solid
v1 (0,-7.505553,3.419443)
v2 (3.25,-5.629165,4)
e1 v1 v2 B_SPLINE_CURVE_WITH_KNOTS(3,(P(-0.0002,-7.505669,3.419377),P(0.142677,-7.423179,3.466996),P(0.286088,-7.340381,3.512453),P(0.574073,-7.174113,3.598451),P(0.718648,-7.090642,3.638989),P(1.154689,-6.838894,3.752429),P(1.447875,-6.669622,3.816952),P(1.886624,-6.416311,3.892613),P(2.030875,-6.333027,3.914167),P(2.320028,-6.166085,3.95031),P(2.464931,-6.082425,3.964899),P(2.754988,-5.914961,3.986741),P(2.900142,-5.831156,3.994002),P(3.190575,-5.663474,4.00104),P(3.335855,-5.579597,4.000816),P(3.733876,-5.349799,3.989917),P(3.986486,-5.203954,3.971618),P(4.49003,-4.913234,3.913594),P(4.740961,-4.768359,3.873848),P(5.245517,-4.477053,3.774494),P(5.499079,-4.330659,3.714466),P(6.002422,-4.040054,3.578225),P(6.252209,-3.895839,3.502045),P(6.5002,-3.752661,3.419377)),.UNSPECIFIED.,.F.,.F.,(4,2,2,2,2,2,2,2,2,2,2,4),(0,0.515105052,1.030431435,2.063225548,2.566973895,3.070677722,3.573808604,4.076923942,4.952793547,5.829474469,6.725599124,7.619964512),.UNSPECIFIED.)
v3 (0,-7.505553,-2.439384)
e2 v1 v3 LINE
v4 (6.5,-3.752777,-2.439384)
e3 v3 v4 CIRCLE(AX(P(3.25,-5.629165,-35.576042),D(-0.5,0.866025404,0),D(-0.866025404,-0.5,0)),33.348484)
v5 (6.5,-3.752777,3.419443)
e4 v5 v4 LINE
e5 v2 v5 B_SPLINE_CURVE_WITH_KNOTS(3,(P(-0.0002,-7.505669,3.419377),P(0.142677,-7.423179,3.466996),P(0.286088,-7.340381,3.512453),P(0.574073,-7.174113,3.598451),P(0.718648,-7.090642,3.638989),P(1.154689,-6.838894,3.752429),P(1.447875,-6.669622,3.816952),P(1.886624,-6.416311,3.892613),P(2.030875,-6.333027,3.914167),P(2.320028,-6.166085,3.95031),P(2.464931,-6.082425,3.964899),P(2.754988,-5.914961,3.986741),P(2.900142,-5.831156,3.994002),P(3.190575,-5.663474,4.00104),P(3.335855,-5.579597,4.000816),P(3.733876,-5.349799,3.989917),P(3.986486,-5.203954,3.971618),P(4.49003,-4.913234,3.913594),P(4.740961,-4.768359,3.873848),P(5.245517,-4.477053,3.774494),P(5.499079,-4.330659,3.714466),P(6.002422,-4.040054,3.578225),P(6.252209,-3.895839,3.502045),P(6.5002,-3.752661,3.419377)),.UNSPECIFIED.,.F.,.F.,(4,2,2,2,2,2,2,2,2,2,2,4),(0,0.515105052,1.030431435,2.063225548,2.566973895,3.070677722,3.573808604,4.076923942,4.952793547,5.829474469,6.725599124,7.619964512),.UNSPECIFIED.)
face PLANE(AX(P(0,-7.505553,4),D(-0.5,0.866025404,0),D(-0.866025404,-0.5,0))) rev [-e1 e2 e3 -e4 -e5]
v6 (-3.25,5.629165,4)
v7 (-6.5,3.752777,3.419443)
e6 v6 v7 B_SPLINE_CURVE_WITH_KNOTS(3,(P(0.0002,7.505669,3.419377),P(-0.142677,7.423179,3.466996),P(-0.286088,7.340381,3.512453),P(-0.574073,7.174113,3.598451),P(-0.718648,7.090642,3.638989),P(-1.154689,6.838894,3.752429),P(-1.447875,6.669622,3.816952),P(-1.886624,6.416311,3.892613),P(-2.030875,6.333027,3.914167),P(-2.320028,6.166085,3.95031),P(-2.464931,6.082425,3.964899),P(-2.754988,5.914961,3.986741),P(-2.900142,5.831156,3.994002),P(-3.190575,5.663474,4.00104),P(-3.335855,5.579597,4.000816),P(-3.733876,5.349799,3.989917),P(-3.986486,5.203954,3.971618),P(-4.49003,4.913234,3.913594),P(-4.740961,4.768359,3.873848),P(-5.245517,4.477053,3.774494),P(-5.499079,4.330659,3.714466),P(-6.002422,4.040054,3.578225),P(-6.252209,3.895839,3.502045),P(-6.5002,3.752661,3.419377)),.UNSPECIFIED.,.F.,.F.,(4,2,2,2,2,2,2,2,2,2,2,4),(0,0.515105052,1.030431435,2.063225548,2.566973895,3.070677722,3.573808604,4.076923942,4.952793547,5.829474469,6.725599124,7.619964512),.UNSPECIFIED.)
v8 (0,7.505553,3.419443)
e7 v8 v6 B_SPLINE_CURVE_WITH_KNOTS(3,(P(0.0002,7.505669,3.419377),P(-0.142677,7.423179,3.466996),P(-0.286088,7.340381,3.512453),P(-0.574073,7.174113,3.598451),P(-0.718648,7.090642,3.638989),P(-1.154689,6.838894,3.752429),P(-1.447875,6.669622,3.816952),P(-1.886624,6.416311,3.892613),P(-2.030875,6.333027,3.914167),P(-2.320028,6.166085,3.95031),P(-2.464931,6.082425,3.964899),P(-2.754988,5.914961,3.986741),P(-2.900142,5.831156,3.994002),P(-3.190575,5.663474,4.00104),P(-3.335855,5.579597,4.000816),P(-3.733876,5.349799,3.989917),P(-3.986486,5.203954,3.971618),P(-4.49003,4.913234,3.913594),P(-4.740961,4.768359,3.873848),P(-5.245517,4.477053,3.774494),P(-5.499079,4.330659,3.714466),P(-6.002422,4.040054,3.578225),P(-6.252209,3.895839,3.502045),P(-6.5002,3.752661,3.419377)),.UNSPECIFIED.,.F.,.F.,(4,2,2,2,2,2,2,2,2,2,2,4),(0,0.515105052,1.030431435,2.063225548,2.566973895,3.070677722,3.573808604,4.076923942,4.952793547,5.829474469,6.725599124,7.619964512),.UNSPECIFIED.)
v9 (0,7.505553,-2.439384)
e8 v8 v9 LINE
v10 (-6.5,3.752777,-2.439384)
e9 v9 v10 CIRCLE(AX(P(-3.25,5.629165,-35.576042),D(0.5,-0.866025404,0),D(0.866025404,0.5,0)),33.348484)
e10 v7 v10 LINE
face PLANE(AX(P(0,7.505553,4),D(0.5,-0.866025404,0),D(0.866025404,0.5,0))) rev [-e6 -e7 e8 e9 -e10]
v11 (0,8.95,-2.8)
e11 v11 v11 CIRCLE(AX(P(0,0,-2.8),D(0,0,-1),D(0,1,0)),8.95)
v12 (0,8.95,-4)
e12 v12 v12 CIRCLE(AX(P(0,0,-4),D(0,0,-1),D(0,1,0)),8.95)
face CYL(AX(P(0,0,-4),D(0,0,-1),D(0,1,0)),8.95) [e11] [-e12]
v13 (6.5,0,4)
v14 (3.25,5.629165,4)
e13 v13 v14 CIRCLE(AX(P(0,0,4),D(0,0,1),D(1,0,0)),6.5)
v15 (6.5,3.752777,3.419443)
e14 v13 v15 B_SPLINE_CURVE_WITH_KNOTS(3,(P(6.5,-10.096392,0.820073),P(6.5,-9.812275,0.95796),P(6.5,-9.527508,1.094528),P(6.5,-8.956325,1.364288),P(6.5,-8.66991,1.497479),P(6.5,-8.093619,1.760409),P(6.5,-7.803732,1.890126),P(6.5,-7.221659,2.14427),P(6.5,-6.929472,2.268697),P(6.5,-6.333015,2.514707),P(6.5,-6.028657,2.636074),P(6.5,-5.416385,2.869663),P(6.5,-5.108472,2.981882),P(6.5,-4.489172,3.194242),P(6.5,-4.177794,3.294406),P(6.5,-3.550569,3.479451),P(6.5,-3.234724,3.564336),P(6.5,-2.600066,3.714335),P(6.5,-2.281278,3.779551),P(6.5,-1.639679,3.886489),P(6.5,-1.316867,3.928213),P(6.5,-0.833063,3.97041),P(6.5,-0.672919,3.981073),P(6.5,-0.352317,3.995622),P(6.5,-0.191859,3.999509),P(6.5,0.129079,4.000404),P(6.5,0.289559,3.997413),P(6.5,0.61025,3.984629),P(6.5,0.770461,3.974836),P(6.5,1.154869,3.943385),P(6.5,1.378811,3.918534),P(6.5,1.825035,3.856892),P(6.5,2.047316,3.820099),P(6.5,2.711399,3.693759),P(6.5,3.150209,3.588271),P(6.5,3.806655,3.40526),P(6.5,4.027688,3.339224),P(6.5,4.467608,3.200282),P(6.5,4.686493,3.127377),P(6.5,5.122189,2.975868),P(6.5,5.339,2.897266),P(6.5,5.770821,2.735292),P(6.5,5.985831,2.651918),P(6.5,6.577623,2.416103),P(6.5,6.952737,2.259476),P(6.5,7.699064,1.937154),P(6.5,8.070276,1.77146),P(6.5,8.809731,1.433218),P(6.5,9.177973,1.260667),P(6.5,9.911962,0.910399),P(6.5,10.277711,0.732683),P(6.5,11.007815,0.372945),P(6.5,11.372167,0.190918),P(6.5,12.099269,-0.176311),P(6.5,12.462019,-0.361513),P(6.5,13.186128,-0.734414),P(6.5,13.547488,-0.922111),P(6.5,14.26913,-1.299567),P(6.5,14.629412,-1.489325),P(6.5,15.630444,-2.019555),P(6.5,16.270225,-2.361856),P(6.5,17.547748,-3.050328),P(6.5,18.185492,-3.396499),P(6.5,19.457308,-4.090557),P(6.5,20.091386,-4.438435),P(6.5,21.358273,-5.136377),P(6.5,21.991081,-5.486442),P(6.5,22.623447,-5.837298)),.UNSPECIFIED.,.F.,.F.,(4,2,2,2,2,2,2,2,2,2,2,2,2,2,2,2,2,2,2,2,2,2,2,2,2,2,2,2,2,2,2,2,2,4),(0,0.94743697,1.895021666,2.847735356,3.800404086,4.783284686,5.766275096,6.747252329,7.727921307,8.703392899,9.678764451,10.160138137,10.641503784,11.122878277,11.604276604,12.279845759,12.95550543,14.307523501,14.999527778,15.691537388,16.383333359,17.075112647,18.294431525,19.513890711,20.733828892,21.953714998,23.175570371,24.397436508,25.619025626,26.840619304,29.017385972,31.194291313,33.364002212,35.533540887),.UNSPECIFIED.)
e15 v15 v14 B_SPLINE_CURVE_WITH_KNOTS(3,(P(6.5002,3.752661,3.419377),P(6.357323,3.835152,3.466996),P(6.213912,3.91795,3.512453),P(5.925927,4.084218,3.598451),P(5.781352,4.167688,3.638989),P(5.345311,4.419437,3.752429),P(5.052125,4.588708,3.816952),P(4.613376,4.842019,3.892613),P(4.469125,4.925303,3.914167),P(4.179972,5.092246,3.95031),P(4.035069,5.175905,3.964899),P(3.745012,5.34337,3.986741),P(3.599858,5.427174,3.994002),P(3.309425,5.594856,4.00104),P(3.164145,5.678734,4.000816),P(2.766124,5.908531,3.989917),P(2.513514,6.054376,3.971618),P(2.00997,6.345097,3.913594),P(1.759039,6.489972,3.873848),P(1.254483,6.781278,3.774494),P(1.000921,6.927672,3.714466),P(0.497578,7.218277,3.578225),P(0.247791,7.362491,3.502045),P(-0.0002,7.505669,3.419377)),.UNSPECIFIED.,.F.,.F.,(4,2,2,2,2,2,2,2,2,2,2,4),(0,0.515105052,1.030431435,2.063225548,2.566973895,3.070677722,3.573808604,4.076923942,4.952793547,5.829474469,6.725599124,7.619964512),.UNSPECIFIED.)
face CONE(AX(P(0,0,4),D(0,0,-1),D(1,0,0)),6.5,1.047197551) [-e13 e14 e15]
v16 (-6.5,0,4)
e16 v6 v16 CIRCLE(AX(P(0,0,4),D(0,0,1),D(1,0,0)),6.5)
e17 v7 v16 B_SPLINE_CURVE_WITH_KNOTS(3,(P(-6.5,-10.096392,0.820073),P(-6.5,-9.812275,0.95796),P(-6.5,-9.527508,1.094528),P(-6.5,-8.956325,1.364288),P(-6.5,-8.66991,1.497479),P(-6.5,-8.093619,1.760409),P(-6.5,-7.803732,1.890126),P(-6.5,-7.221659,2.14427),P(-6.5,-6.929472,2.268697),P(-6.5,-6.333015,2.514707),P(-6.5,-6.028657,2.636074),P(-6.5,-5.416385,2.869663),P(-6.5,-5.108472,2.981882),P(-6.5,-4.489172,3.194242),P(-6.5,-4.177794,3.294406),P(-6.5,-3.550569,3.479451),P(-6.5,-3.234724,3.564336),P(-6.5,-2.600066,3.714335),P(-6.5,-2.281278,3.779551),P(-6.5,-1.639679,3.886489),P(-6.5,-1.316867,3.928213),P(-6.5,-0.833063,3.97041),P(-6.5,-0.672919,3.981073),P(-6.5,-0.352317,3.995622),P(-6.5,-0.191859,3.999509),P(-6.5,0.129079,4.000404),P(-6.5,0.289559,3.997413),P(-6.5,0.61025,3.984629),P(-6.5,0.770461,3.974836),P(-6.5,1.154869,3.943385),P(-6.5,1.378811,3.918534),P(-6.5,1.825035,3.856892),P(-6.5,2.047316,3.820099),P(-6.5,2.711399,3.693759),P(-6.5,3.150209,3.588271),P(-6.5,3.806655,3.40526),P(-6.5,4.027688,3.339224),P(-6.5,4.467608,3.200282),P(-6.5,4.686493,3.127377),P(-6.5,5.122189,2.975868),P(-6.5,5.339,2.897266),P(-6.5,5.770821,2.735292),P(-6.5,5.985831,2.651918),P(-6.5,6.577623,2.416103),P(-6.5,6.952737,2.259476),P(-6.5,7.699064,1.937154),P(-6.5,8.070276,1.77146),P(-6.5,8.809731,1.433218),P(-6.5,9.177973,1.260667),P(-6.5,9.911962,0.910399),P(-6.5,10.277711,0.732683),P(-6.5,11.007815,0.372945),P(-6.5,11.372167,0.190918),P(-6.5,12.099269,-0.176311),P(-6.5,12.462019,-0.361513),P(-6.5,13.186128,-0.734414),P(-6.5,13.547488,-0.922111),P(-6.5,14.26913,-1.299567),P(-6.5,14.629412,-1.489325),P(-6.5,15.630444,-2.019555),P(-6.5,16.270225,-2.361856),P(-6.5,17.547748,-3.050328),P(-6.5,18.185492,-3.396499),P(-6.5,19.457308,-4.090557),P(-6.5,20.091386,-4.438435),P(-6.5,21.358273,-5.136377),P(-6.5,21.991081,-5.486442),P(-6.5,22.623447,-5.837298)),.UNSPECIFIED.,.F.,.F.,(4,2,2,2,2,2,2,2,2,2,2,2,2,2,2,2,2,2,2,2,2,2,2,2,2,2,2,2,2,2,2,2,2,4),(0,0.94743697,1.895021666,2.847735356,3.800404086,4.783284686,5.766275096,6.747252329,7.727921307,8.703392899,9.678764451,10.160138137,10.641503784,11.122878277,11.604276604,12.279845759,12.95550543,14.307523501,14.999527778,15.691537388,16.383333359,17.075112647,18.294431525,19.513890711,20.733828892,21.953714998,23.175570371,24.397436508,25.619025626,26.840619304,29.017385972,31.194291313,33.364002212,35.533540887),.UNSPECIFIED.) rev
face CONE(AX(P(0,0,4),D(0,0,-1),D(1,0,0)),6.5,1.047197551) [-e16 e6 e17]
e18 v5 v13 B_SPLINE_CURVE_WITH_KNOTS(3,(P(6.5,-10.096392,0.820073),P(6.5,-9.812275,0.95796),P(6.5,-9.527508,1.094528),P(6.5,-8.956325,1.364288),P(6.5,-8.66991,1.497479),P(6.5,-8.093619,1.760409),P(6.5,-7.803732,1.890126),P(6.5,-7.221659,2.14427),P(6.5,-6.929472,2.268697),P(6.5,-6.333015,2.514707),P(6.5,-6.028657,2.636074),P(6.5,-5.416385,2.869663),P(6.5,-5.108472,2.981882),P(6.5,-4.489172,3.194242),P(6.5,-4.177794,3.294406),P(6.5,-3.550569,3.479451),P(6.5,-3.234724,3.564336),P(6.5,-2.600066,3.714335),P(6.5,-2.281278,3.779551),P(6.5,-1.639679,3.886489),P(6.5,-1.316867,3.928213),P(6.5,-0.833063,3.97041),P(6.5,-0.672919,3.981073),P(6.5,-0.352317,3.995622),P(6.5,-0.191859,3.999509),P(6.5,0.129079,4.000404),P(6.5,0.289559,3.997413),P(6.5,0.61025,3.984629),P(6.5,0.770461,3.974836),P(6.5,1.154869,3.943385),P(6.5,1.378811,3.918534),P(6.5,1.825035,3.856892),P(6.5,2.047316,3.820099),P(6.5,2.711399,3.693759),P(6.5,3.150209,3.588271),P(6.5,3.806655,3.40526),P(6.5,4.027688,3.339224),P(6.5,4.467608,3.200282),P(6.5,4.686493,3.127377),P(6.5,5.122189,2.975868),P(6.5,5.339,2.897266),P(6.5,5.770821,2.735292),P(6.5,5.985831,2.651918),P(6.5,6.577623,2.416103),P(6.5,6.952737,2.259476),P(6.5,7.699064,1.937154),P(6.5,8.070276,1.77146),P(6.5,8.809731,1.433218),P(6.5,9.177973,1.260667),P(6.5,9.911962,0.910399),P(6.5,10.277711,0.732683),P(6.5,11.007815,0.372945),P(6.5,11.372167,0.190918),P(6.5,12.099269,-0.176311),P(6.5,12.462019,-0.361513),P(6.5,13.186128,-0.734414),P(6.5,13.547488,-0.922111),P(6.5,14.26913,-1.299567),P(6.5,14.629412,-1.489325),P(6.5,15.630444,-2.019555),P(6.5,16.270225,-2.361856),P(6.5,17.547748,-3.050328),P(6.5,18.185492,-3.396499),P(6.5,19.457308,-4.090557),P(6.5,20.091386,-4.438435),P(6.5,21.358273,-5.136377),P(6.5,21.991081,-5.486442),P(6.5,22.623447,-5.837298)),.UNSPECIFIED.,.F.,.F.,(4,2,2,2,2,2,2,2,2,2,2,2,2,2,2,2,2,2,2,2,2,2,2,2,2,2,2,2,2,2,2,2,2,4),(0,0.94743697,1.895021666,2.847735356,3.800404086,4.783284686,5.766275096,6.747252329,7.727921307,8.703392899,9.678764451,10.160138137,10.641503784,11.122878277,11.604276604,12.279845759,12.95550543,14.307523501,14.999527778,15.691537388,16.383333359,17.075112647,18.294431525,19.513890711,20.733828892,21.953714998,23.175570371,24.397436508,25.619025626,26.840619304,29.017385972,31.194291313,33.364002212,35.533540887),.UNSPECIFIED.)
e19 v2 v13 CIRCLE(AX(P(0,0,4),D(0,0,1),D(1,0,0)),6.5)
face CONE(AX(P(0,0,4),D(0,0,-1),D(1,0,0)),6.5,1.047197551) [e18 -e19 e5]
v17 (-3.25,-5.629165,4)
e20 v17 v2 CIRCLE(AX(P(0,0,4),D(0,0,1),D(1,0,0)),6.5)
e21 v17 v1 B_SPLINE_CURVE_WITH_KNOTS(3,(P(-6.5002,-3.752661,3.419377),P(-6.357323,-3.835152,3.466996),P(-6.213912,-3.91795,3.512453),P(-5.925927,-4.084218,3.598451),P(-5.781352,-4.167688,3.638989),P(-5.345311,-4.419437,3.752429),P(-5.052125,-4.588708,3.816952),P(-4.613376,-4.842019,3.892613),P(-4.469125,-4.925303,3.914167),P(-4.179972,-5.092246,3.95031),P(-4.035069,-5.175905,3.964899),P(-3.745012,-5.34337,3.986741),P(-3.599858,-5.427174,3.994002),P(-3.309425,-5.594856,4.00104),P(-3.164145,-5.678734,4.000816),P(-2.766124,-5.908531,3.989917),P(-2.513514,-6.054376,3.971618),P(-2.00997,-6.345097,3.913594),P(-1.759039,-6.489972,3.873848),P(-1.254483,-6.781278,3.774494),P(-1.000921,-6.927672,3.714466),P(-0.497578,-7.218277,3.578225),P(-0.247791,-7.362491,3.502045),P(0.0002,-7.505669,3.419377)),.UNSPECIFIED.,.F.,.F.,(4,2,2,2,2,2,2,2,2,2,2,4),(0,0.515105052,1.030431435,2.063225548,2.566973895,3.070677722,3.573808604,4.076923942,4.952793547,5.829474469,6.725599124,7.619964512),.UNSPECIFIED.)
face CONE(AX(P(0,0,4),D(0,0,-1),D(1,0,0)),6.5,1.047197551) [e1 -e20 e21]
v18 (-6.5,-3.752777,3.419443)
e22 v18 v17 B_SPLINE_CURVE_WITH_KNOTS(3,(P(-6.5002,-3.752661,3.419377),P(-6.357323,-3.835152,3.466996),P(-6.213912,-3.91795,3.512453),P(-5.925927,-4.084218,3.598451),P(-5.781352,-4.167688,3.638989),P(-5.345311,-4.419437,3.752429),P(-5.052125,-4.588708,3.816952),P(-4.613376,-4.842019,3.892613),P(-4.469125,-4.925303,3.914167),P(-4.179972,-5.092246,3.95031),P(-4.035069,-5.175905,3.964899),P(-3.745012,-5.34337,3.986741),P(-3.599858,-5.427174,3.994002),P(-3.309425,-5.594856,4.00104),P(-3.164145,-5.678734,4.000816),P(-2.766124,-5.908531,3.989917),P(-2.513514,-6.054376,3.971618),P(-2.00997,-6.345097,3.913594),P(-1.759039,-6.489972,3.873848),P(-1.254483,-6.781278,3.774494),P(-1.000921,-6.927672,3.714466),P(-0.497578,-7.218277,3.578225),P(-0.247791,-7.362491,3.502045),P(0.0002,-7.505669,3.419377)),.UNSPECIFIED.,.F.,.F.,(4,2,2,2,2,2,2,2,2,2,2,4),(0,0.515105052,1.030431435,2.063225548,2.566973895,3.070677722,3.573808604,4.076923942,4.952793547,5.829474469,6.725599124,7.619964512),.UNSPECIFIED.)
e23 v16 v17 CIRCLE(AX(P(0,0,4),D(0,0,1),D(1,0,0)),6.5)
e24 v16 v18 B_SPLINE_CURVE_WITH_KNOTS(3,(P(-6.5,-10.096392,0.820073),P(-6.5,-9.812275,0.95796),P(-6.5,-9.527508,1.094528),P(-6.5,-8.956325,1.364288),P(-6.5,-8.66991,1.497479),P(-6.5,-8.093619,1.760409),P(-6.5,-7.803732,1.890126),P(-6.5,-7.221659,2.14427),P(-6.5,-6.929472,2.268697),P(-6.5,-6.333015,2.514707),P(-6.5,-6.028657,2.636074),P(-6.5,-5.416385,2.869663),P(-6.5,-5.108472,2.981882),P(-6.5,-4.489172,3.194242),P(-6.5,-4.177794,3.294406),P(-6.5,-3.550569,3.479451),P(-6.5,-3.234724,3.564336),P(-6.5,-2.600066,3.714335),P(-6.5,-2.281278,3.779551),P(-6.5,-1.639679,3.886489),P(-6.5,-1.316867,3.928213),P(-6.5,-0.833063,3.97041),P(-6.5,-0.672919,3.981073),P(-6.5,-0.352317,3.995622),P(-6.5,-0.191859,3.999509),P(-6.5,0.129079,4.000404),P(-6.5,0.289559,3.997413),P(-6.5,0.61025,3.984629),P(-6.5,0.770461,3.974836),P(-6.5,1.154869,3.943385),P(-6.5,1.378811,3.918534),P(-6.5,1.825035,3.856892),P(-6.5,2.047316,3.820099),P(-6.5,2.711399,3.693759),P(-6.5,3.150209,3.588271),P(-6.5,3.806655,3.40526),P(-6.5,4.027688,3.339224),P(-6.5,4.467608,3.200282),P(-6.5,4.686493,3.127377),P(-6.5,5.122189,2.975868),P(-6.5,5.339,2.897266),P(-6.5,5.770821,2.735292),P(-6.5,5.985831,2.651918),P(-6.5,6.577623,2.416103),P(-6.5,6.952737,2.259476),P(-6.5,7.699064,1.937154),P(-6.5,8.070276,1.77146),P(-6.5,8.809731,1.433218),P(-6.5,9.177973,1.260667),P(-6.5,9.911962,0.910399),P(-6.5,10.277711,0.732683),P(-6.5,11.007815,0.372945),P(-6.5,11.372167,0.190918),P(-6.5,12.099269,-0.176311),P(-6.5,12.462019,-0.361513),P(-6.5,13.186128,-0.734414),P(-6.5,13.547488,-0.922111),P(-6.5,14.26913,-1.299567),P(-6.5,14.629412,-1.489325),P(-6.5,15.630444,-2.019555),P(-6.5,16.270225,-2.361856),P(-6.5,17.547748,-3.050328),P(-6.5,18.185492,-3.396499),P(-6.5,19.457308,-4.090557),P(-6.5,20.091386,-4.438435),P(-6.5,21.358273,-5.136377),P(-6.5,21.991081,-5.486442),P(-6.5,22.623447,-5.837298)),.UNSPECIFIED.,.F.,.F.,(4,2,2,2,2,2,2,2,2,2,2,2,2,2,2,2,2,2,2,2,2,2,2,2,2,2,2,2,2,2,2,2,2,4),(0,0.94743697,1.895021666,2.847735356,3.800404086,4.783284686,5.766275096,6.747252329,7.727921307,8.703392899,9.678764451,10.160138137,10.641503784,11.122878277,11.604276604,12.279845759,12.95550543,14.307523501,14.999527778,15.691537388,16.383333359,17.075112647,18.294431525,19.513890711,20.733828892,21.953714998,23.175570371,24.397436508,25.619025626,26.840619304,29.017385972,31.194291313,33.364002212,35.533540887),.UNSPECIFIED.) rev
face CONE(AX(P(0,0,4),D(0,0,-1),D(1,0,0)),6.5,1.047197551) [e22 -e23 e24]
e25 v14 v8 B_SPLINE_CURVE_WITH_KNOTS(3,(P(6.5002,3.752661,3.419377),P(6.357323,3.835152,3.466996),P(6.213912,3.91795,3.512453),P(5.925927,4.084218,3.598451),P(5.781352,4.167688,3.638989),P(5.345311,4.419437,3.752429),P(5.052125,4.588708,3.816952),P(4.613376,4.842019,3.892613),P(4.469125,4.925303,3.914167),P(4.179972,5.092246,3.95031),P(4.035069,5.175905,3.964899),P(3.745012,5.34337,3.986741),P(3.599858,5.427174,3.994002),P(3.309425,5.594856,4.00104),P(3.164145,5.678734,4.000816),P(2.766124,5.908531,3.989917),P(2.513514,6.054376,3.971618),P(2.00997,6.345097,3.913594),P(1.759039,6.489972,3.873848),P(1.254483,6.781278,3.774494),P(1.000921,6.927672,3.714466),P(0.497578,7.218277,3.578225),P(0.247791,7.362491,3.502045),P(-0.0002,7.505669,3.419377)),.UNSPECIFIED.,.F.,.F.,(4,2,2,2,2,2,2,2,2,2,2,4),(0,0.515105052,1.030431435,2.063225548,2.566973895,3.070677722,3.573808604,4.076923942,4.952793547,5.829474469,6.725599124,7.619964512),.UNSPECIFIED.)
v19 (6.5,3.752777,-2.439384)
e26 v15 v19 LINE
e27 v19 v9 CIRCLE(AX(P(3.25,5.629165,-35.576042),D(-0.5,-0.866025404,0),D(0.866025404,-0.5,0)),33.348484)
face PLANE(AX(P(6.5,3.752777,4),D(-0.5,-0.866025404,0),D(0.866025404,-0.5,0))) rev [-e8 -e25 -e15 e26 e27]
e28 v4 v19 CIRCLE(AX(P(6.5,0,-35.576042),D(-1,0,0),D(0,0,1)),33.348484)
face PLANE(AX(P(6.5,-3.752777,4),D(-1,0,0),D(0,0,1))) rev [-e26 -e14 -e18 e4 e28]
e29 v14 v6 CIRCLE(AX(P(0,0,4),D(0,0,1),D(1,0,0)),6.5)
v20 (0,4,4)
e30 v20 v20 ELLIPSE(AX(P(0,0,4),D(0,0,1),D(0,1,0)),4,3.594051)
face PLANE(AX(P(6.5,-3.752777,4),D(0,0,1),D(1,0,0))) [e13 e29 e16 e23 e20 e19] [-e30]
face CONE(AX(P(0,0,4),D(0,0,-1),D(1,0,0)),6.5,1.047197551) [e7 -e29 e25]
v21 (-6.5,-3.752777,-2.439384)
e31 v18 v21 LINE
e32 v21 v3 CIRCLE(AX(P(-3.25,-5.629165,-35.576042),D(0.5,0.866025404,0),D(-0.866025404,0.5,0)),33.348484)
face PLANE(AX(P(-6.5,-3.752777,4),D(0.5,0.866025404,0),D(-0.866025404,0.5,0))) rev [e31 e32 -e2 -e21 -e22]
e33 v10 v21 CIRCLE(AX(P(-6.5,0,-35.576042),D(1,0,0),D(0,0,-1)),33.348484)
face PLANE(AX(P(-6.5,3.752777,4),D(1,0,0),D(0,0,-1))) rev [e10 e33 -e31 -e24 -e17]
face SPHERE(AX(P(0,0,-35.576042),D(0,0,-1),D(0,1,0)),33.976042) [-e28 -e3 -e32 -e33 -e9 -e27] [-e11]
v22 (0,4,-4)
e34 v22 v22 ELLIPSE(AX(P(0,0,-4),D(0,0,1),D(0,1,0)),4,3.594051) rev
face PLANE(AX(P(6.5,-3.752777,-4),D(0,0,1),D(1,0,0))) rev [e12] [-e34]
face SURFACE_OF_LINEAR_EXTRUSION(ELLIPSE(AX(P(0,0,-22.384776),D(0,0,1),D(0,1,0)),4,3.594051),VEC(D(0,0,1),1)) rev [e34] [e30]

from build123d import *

# Parameters (mm, degrees)
EXTRUDE1_DEPTH      = 4
SKETCH2_OUTSIDE_W   = 80.544
SKETCH2_OUTSIDE_H   = 80.544
SKETCH2_OUTSIDE_R   = 6.5
CUT_EXTRUDE1_DEPTH  = 15.97347655
CUT_EXTRUDE1_DRAFT  = -60
SKETCH5_R           = 4
CUT_EXTRUDE10_DEPTH = 15.97347655
SKETCH16_R          = 6.5
SKETCH16_RX         = 4
SKETCH16_RY         = 3.594050592
EXTRUDE2_DEPTH      = 8


with BuildPart() as part:
    # Sketch1 → Extrude1 (new, symmetric)
    with BuildSketch(Plane.XY):
        Polygon((6.5, -3.75277675), (6.5, 3.75277675), (0, 7.505553499), (-6.5, 3.75277675), (-6.5, -3.75277675), (0, -7.505553499), align=None)
    extrude(amount=EXTRUDE1_DEPTH, both=True)

    # Sketch18 → Revolve1 (revolve)
    with BuildSketch(Plane(origin=(0, 0, 0), x_dir=(0, 0, -1), z_dir=(1, 0, 0))):
        with BuildLine():
            Line((4, 0), (4, 8.95))
            Line((4, 8.95), (2.8, 8.95))
            ThreePointArc((2.8, 8.95), (1.901336288, 4.515044297), (1.6, 0))
            Line((1.6, 0), (4, 0))
        make_face()
    revolve(axis=Axis((0, 0, -4), (0, 0, 1)))


with BuildPart() as cut_extrude1_tool:
    # Sketch2 outside → Cut-Extrude1 (with draft: the straight prism first)
    with BuildSketch(Plane.XY.offset(4)):
        Rectangle(SKETCH2_OUTSIDE_W, SKETCH2_OUTSIDE_H)
        Circle(SKETCH2_OUTSIDE_R, mode=Mode.SUBTRACT)
    extrude(amount=-CUT_EXTRUDE1_DEPTH)
    # Cut-Extrude1: the draft: its side faces are tilted about the plane it starts from
    cut_extrude1_sides = [cut_extrude1_tool.faces().sort_by_distance(p)[0] for p in [
        (0, -40.272, -3.986738275),
        (40.272, 0, -3.986738275),
        (0, 40.272, -3.986738275),
        (-40.272, 0, -3.986738275),
        (-6.5, 0, -3.986738275),
    ]]
    draft(cut_extrude1_sides, Plane.XY.offset(4), CUT_EXTRUDE1_DRAFT)


with BuildPart() as part_1:
    add(part.part)

    # Cut-Extrude1: cut by cut_extrude1_tool
    add(cut_extrude1_tool.part, mode=Mode.SUBTRACT)

    # Sketch5 → Cut-Extrude10 (cut, through all)
    with BuildSketch(Plane(origin=(0, 0, 4), x_dir=(-1, 0, 0), z_dir=(0, 0, -1))):
        Circle(SKETCH5_R)
    extrude(amount=CUT_EXTRUDE10_DEPTH, mode=Mode.SUBTRACT)

    # Sketch16 → Extrude2 (add)
    with BuildSketch(Plane.XY.offset(4)):
        Circle(SKETCH16_R)
        with Locations(Location((0, 0), (0, 0, 90))):
            Ellipse(SKETCH16_RX, SKETCH16_RY, mode=Mode.SUBTRACT)
    extrude(amount=-EXTRUDE2_DEPTH)


solid = part_1.part
